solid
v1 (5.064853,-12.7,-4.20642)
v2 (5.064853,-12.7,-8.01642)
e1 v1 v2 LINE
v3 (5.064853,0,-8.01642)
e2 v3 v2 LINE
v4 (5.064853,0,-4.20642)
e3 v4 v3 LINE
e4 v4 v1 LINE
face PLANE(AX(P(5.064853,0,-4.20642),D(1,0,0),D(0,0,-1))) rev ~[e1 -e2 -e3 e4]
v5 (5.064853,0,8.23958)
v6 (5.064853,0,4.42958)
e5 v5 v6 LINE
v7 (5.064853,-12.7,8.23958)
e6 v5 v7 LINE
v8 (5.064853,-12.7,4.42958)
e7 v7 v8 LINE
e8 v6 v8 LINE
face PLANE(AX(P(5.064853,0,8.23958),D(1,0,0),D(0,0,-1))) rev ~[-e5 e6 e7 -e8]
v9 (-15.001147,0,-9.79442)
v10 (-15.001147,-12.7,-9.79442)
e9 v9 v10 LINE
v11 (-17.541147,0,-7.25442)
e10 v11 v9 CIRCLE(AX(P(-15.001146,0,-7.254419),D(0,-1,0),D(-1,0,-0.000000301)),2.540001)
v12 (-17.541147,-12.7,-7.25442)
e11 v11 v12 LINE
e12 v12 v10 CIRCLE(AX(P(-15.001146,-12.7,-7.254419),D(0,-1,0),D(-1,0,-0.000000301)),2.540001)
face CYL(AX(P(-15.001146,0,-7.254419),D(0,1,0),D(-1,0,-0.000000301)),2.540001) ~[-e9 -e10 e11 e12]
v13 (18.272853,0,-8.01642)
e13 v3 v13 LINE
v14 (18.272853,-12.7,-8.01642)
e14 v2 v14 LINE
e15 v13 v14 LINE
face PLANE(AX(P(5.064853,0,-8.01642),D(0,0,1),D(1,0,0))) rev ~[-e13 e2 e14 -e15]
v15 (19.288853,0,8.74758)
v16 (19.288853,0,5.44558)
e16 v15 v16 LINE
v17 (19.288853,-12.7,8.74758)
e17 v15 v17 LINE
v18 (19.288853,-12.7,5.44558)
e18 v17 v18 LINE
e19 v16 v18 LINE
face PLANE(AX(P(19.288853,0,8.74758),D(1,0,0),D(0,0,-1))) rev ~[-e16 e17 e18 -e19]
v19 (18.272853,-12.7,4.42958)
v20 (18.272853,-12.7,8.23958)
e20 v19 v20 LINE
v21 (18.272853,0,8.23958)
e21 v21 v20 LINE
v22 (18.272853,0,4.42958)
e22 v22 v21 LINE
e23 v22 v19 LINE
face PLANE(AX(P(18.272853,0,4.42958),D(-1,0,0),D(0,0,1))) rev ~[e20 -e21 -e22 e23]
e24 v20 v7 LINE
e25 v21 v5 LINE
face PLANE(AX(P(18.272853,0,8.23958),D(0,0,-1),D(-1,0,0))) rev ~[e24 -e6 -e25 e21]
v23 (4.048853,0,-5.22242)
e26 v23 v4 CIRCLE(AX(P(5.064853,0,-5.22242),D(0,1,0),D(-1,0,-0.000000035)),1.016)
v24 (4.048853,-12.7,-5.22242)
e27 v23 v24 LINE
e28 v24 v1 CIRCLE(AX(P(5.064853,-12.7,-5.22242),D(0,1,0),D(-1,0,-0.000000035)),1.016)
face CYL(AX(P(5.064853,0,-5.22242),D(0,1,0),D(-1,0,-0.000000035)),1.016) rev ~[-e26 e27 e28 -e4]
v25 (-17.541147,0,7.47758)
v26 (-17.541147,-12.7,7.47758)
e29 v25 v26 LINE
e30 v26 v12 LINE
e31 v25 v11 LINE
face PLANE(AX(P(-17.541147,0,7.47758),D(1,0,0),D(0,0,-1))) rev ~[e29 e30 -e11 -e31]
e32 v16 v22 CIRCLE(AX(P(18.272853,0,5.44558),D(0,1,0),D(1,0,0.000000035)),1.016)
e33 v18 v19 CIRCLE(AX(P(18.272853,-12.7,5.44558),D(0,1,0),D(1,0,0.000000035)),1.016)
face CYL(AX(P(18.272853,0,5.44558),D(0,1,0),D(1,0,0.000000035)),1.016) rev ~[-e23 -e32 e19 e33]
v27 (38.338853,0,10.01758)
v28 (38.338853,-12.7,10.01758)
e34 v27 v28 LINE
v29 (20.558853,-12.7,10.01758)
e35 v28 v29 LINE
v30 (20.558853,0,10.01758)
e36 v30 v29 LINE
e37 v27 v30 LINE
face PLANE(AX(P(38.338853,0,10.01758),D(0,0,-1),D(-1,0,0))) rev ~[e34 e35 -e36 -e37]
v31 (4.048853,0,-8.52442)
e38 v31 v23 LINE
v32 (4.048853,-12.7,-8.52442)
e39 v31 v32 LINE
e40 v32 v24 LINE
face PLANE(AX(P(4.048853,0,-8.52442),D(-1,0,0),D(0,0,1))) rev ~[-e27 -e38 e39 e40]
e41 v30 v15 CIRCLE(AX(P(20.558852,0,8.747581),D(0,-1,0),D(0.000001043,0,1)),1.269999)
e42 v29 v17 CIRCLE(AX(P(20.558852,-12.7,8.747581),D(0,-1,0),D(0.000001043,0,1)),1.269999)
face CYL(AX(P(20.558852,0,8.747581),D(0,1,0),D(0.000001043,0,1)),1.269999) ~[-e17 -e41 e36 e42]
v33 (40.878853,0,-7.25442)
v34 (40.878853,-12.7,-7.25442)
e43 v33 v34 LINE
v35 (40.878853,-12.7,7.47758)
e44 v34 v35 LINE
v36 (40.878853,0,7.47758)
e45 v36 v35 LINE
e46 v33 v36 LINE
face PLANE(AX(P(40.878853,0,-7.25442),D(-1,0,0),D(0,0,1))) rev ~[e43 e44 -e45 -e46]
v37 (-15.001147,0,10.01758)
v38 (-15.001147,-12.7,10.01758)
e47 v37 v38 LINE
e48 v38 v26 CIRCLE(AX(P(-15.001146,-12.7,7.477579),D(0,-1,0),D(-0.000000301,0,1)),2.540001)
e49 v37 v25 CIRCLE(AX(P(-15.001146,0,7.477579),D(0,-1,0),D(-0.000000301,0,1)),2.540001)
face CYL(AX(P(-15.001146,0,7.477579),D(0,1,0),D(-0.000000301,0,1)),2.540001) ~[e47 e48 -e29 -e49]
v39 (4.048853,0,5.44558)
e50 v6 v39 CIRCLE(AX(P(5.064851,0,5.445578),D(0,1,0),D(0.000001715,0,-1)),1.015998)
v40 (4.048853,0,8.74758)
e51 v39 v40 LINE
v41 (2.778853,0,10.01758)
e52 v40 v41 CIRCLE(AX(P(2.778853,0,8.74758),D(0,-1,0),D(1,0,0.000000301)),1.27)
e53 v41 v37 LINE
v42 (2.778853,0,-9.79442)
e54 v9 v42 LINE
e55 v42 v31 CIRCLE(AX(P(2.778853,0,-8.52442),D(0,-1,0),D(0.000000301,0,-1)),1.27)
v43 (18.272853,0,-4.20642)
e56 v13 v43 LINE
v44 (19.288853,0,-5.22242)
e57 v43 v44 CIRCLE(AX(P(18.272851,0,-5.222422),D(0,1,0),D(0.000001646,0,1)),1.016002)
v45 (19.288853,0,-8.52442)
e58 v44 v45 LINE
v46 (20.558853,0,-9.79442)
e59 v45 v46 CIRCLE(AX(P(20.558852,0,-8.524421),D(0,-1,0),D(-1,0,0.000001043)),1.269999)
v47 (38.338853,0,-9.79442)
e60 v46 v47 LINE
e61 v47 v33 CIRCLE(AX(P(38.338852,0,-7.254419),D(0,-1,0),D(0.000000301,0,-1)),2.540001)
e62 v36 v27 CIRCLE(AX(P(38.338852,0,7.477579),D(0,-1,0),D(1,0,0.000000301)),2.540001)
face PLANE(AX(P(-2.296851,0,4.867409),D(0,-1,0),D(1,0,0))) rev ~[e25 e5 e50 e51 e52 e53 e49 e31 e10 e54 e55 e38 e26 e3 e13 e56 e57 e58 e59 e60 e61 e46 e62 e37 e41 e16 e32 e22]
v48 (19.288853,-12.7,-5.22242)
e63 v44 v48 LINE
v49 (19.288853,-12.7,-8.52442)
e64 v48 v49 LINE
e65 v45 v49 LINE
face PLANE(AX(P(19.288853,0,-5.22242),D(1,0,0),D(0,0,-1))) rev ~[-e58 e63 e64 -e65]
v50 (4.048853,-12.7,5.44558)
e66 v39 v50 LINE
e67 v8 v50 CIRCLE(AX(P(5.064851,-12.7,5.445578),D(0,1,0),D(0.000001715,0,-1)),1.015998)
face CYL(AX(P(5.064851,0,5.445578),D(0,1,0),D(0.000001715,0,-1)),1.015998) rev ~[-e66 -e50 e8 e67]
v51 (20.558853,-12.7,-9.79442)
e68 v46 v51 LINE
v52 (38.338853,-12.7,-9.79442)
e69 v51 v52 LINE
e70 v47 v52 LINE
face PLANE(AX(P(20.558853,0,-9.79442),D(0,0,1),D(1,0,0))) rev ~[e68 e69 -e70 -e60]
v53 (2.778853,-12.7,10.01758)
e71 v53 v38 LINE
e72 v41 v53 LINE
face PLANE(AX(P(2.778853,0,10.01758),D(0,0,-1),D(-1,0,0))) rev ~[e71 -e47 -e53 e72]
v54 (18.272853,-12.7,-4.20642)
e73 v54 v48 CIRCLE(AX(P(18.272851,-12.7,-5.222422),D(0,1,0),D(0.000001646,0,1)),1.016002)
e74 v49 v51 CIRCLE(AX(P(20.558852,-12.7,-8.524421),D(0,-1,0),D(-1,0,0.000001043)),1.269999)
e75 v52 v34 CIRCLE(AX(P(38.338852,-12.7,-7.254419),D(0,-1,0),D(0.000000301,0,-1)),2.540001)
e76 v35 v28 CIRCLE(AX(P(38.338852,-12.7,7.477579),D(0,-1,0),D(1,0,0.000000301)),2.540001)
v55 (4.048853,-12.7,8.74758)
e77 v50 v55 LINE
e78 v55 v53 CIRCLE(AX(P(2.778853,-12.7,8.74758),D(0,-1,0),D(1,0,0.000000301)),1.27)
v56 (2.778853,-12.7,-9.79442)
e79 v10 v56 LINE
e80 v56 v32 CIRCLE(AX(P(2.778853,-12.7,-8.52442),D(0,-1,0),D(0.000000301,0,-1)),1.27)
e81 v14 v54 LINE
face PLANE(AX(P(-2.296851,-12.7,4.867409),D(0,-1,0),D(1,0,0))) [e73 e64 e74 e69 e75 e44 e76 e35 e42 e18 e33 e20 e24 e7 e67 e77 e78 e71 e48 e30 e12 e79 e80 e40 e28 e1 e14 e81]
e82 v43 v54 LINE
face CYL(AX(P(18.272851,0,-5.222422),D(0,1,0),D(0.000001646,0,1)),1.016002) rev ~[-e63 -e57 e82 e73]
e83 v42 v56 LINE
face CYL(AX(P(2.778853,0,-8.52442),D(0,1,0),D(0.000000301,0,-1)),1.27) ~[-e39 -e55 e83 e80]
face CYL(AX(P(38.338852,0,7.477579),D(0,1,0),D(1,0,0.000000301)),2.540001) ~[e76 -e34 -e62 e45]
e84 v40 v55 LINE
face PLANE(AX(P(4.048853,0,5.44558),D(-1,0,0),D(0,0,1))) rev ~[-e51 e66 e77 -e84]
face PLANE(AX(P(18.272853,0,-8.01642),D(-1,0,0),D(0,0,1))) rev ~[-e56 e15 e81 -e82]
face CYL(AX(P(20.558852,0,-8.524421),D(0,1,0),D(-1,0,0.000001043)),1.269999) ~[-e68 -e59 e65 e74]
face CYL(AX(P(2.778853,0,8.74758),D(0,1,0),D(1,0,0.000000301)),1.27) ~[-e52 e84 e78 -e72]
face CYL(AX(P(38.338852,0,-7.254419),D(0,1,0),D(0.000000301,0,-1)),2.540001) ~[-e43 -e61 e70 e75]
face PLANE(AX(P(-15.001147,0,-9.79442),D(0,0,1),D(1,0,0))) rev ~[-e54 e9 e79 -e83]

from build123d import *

# Parameters (mm, degrees)
F1_DEPTH = 12.7


with BuildPart() as f1:
    # F0 (on Front) → F1 (new body)
    with BuildSketch(Plane.XZ):
        with BuildLine():
            ThreePointArc((-15.001147, 10.01758), (-16.797198, 9.273631), (-17.541147, 7.47758))
            Line((-17.541147, 7.47758), (-17.541147, 0.11158))
            Line((-17.541147, 0.11158), (11.668853, 0.11158))
            Line((11.668853, 0.11158), (11.668853, 8.23958))
            Line((11.668853, 8.23958), (5.064853, 8.23958))
            Line((5.064853, 8.23958), (5.064853, 4.42958))
            ThreePointArc((5.064853, 4.42958), (4.346432, 4.727159), (4.048853, 5.44558))
            Line((4.048853, 5.44558), (4.048853, 8.74758))
            ThreePointArc((4.048853, 8.74758), (3.676878, 9.645606), (2.778853, 10.01758))
            Line((2.778853, 10.01758), (-15.001147, 10.01758))
        make_face()
        with BuildLine():
            Line((11.668853, 8.23958), (11.668853, 0.11158))
            Line((11.668853, 0.11158), (40.878853, 0.11158))
            Line((40.878853, 0.11158), (40.878853, 7.47758))
            ThreePointArc((40.878853, 7.47758), (40.134904, 9.273631), (38.338853, 10.01758))
            Line((38.338853, 10.01758), (20.558853, 10.01758))
            ThreePointArc((20.558853, 10.01758), (19.660827, 9.645606), (19.288853, 8.74758))
            Line((19.288853, 8.74758), (19.288853, 5.44558))
            ThreePointArc((19.288853, 5.44558), (18.991273, 4.727159), (18.272853, 4.42958))
            Line((18.272853, 4.42958), (18.272853, 8.23958))
            Line((18.272853, 8.23958), (11.668853, 8.23958))
        make_face()
        with BuildLine():
            Line((11.668853, 0.11158), (-17.541147, 0.11158))
            Line((-17.541147, 0.11158), (-17.541147, -7.25442))
            ThreePointArc((-17.541147, -7.25442), (-16.797198, -9.050471), (-15.001147, -9.79442))
            Line((-15.001147, -9.79442), (2.778853, -9.79442))
            ThreePointArc((2.778853, -9.79442), (3.676878, -9.422446), (4.048853, -8.52442))
            Line((4.048853, -8.52442), (4.048853, -5.22242))
            ThreePointArc((4.048853, -5.22242), (4.346432, -4.504), (5.064853, -4.20642))
            Line((5.064853, -4.20642), (5.064853, -8.01642))
            Line((5.064853, -8.01642), (11.668853, -8.01642))
            Line((11.668853, -8.01642), (18.272853, -8.01642))
            Line((18.272853, -8.01642), (18.272853, -4.20642))
            ThreePointArc((18.272853, -4.20642), (18.991273, -4.504), (19.288853, -5.22242))
            Line((19.288853, -5.22242), (19.288853, -8.52442))
            ThreePointArc((19.288853, -8.52442), (19.660827, -9.422446), (20.558853, -9.79442))
            Line((20.558853, -9.79442), (38.338853, -9.79442))
            ThreePointArc((38.338853, -9.79442), (40.134904, -9.050471), (40.878853, -7.25442))
            Line((40.878853, -7.25442), (40.878853, 0.11158))
            Line((40.878853, 0.11158), (11.668853, 0.11158))
        make_face()
    extrude(amount=F1_DEPTH)


solid = f1.part
